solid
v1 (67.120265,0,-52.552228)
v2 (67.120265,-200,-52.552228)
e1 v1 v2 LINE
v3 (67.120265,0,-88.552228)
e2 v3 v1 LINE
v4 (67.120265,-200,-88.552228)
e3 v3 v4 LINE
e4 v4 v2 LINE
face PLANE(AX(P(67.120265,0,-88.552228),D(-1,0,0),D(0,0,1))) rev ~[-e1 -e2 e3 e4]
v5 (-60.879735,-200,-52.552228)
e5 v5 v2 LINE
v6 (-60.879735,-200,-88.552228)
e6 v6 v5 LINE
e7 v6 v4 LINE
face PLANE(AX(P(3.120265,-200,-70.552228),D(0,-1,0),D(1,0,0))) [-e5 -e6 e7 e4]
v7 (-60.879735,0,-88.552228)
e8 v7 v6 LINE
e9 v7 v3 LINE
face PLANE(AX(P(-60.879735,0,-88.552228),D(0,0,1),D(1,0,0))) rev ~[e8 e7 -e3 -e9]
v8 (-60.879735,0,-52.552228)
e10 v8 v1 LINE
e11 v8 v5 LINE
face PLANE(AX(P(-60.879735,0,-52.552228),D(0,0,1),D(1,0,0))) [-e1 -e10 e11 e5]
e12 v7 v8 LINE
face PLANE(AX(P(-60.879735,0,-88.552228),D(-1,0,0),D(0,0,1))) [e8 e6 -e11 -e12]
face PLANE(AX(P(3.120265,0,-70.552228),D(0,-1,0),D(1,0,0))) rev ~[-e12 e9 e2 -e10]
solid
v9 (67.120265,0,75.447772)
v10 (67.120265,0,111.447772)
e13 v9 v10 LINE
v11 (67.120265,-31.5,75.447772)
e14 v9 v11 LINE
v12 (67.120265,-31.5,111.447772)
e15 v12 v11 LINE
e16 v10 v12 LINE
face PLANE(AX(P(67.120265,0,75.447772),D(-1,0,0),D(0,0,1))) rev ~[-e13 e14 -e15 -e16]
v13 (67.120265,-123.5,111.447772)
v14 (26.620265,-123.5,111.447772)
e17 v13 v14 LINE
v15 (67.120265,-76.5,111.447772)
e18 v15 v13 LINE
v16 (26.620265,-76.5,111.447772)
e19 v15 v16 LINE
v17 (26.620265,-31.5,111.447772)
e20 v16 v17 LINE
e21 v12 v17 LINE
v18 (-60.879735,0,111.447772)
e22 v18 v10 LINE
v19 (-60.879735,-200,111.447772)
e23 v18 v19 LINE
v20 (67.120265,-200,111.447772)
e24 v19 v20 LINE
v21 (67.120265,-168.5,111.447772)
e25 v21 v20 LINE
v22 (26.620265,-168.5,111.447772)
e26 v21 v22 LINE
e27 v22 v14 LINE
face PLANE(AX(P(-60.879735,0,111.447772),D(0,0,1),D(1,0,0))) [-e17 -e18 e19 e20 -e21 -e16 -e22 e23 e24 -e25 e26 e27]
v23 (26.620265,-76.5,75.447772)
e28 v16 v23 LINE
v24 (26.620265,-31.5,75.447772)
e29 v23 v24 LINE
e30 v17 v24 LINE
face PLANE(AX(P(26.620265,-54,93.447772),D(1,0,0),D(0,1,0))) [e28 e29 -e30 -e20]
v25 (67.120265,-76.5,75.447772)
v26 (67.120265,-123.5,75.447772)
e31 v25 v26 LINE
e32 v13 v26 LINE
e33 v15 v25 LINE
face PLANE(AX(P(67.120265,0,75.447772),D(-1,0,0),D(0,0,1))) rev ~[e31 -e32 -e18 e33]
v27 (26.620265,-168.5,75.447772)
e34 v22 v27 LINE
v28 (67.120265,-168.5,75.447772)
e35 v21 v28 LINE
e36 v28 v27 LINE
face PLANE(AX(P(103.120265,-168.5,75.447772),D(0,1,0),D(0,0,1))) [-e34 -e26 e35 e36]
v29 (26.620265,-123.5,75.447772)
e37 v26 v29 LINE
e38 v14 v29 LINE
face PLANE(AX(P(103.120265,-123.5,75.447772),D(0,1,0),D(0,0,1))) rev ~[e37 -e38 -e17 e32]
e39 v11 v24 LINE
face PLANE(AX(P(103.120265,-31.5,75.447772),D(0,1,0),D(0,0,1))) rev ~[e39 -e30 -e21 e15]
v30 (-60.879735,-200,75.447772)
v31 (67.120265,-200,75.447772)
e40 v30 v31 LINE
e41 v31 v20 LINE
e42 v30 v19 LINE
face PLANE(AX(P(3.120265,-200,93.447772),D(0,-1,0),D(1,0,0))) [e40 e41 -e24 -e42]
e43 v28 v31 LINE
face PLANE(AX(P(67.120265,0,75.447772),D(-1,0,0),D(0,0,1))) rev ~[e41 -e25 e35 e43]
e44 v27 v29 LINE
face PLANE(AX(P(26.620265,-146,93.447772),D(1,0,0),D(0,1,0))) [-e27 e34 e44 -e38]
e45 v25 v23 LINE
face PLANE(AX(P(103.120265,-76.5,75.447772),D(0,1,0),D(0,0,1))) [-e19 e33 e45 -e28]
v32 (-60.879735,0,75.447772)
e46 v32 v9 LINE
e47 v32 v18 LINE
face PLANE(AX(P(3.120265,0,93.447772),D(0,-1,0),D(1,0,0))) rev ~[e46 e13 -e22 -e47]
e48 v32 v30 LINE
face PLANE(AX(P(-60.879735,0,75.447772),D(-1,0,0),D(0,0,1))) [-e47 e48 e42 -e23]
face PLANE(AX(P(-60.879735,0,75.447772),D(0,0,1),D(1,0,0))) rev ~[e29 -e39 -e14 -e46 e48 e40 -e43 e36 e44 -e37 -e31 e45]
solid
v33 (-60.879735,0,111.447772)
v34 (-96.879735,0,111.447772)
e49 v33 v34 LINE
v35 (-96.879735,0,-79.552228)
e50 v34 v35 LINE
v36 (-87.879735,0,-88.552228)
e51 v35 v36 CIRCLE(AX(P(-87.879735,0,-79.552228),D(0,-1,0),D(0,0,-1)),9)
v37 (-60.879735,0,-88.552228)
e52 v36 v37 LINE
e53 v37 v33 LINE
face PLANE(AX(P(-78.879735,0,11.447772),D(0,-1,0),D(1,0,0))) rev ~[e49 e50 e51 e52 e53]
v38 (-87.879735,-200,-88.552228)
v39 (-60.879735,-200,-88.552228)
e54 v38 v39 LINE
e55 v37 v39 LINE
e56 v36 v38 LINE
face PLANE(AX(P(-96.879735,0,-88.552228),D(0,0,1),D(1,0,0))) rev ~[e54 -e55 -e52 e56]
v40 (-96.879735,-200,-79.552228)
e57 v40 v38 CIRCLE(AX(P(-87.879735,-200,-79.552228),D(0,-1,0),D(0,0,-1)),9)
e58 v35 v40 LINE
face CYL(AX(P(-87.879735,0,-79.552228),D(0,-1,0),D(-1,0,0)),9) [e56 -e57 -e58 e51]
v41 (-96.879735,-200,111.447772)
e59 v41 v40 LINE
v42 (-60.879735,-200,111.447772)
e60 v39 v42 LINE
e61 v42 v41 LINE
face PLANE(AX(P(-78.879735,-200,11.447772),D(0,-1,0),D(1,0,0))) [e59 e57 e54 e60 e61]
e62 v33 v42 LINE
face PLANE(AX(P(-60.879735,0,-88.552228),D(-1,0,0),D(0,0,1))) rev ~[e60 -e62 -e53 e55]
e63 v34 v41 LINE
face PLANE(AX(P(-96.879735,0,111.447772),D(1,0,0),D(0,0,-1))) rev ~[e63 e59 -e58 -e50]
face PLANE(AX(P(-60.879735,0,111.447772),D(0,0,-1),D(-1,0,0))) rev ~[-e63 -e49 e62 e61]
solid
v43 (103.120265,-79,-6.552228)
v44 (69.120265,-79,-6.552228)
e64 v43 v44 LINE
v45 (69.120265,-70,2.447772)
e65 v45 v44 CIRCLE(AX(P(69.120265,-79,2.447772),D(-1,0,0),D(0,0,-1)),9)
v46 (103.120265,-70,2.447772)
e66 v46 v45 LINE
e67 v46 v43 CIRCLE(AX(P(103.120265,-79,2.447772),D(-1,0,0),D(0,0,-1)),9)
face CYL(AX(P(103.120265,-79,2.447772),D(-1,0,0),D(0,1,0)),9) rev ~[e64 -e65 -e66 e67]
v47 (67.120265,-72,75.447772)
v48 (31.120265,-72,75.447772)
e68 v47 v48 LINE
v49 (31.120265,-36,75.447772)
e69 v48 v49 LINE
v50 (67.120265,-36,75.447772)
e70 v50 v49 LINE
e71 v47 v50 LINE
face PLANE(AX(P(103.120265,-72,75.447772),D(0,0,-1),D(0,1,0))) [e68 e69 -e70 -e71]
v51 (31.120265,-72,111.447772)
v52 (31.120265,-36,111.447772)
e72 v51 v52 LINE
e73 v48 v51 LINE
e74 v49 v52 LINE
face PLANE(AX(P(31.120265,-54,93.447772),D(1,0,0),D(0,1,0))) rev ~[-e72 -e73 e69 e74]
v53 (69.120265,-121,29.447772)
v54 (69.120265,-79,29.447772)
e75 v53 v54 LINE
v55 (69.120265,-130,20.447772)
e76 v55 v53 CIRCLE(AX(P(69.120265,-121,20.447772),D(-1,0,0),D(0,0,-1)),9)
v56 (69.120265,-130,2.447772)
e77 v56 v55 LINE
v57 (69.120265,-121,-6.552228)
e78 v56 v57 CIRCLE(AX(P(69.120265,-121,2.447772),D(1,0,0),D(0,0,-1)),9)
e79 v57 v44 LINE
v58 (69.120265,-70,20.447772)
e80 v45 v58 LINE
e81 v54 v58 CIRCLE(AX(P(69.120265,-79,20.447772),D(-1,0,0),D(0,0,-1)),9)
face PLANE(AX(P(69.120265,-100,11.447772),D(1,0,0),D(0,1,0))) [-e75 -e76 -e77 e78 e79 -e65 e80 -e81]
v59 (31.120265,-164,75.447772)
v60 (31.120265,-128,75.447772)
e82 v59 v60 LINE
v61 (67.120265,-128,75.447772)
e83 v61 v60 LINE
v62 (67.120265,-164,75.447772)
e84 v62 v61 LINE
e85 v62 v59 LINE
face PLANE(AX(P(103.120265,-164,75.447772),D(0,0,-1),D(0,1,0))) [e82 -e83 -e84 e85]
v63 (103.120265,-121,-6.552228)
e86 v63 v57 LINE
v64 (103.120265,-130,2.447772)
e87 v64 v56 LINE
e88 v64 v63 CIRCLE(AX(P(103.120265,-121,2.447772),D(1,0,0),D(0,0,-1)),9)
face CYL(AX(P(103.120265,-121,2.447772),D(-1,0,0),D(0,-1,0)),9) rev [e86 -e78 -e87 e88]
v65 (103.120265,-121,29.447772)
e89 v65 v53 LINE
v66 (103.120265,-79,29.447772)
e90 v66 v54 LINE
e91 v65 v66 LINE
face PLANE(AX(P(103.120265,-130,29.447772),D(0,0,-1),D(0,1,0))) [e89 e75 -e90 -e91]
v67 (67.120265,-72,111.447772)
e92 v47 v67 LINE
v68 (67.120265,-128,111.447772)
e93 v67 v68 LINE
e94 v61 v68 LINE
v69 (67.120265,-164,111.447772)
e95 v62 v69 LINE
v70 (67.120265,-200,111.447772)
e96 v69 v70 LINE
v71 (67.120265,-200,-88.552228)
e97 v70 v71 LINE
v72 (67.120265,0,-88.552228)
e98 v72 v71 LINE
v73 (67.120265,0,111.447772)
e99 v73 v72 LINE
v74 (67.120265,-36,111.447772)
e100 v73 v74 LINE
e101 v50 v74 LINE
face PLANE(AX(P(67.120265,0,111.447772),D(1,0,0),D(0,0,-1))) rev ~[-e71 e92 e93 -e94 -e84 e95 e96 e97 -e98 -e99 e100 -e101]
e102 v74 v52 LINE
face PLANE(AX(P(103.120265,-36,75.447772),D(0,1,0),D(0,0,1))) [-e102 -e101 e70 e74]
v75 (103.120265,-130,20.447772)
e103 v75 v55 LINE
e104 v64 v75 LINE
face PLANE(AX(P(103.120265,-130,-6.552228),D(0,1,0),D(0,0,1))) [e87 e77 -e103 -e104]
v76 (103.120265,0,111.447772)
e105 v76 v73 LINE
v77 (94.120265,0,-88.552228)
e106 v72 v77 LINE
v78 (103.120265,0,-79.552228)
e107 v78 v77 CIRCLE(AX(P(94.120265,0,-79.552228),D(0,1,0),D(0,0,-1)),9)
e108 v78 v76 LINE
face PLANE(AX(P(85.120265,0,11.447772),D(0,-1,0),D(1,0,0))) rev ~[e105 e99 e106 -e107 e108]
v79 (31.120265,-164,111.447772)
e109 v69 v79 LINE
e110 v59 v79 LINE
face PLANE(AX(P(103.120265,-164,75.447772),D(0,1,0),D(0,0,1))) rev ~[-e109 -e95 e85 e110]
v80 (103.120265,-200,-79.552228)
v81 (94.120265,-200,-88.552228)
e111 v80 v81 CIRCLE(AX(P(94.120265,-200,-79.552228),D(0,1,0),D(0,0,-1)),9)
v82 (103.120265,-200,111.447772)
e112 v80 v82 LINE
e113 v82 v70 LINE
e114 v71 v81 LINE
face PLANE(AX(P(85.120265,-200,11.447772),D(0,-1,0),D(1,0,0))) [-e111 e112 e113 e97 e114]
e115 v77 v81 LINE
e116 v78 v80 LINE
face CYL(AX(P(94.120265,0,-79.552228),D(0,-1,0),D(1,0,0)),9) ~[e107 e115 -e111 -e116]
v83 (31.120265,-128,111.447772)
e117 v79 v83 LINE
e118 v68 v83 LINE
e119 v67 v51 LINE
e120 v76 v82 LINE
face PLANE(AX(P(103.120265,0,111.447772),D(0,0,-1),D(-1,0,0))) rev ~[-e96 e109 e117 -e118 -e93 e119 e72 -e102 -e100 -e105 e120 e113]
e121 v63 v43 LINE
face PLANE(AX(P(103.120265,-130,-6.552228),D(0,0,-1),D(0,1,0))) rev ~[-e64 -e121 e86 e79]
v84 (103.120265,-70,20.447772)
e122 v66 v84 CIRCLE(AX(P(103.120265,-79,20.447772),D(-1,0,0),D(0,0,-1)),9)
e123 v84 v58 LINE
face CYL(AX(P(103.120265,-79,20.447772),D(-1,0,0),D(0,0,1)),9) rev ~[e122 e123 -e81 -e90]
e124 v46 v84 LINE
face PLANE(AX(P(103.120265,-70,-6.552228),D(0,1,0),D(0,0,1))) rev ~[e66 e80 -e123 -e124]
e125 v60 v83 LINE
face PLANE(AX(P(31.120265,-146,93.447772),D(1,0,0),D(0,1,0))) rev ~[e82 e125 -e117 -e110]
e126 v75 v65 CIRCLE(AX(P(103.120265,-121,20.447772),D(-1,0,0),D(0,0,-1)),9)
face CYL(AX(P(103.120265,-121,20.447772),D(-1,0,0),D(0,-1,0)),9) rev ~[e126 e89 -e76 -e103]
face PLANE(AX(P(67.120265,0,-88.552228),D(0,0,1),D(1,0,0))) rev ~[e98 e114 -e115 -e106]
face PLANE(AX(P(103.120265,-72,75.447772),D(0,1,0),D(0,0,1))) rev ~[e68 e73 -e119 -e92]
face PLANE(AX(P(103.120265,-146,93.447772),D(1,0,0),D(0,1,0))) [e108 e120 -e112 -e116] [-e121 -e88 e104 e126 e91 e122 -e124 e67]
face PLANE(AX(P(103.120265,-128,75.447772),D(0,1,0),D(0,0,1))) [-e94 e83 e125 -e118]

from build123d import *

# Parameters (mm, degrees)
F2_DEPTH  = 200
F1_W      = 128
F1_H      = 36
F3_DEPTH  = 200
F4_W      = 60
F4_H      = 36
F5_DEPTH  = 34
F6_R      = 9
F7_W      = 36
F7_H      = 36
F8_DEPTH  = 72
F9_OFFSET = 4.5
F10_DEPTH = 72
F11_R     = 9
F11_2_R   = 9


with BuildPart() as f2:
    # F1 (on Front) → F2 (new body)
    with BuildSketch(Plane.XZ):
        Polygon((-60.879735278, 111.4477722661), (-96.879735278, 111.4477722661), (-96.879735278, -88.5522277339), (-60.879735278, -88.5522277339), (-60.879735278, -52.5522277339), (-60.879735278, 75.4477722661), align=None)
    extrude(amount=F2_DEPTH)

    # F11#2
    f11_2_edges = [f2.edges().sort_by_distance(p)[0] for p in [
        (-96.879735, -100, -88.552228),
    ]]
    fillet(f11_2_edges, radius=F11_2_R)


with BuildPart() as f2b:
    # F1 (on Front) → F2, piece 2 (new body)
    with BuildSketch(Plane.XZ):
        Polygon((103.120264722, 111.4477722661), (67.120264722, 111.4477722661), (67.120264722, 75.4477722661), (67.120264722, -52.5522277339), (67.120264722, -88.5522277339), (103.120264722, -88.5522277339), align=None)
    extrude(amount=F2_DEPTH)

    # F4 (on face) → F5 (cut)
    with BuildSketch(Plane.YZ.offset(103.120264722)):
        with Locations((-100, 11.4477722661)):
            Rectangle(F4_W, F4_H)
    extrude(amount=-F5_DEPTH, mode=Mode.SUBTRACT)

    # F6
    f6_edges = [f2b.edges().sort_by_distance(p)[0] for p in [
        (86.120265, -130, 29.447772),
        (86.120265, -70, 29.447772),
        (86.120265, -70, -6.552228),
        (86.120265, -130, -6.552228),
    ]]
    fillet(f6_edges, radius=F6_R)

    # F7 (on face) → F10 (join)
    with BuildSketch(Plane.YZ.offset(103.120264722)):
        with Locations((-146, 93.4477722661)):
            Rectangle(F7_W, F7_H)
        with Locations((-54, 93.4477722661)):
            Rectangle(F7_W, F7_H)
    extrude(amount=-F10_DEPTH)

    # F11
    f11_edges = [f2b.edges().sort_by_distance(p)[0] for p in [
        (103.120265, -100, -88.552228),
    ]]
    fillet(f11_edges, radius=F11_R)


with BuildPart() as f3:
    # F1 (on Front) → F3 (new body)
    with BuildSketch(Plane.XZ):
        with Locations((3.120264722, 93.4477722661)):
            Rectangle(F1_W, F1_H)
    extrude(amount=F3_DEPTH)


with BuildPart() as f3b:
    # F1 (on Front) → F3, piece 2 (new body)
    with BuildSketch(Plane.XZ):
        with Locations((3.120264722, -70.5522277339)):
            Rectangle(F1_W, F1_H)
    extrude(amount=F3_DEPTH)


with BuildPart() as f8:
    # F7 (on face) → F8 (new body)
    with BuildSketch(Plane.YZ.offset(103.120264722)):
        with Locations((-54, 93.4477722661)):
            Rectangle(F7_W, F7_H)
    extrude(amount=-F8_DEPTH)


with BuildPart() as f8b:
    # F7 (on face) → F8, piece 2 (new body)
    with BuildSketch(Plane.YZ.offset(103.120264722)):
        with Locations((-146, 93.4477722661)):
            Rectangle(F7_W, F7_H)
    extrude(amount=-F8_DEPTH)


with BuildPart() as f3_1:
    add(f3.part)

    # F9: cut F8b, F8, each made larger all round first
    f9_tool = offset(f8b.part, amount=F9_OFFSET, kind=Kind.INTERSECTION, mode=Mode.PRIVATE)
    add(f9_tool, mode=Mode.SUBTRACT)
    f9_tool1 = offset(f8.part, amount=F9_OFFSET, kind=Kind.INTERSECTION, mode=Mode.PRIVATE)
    add(f9_tool1, mode=Mode.SUBTRACT)


solid = Compound([f2.part, f2b.part, f3b.part, f3_1.part])
